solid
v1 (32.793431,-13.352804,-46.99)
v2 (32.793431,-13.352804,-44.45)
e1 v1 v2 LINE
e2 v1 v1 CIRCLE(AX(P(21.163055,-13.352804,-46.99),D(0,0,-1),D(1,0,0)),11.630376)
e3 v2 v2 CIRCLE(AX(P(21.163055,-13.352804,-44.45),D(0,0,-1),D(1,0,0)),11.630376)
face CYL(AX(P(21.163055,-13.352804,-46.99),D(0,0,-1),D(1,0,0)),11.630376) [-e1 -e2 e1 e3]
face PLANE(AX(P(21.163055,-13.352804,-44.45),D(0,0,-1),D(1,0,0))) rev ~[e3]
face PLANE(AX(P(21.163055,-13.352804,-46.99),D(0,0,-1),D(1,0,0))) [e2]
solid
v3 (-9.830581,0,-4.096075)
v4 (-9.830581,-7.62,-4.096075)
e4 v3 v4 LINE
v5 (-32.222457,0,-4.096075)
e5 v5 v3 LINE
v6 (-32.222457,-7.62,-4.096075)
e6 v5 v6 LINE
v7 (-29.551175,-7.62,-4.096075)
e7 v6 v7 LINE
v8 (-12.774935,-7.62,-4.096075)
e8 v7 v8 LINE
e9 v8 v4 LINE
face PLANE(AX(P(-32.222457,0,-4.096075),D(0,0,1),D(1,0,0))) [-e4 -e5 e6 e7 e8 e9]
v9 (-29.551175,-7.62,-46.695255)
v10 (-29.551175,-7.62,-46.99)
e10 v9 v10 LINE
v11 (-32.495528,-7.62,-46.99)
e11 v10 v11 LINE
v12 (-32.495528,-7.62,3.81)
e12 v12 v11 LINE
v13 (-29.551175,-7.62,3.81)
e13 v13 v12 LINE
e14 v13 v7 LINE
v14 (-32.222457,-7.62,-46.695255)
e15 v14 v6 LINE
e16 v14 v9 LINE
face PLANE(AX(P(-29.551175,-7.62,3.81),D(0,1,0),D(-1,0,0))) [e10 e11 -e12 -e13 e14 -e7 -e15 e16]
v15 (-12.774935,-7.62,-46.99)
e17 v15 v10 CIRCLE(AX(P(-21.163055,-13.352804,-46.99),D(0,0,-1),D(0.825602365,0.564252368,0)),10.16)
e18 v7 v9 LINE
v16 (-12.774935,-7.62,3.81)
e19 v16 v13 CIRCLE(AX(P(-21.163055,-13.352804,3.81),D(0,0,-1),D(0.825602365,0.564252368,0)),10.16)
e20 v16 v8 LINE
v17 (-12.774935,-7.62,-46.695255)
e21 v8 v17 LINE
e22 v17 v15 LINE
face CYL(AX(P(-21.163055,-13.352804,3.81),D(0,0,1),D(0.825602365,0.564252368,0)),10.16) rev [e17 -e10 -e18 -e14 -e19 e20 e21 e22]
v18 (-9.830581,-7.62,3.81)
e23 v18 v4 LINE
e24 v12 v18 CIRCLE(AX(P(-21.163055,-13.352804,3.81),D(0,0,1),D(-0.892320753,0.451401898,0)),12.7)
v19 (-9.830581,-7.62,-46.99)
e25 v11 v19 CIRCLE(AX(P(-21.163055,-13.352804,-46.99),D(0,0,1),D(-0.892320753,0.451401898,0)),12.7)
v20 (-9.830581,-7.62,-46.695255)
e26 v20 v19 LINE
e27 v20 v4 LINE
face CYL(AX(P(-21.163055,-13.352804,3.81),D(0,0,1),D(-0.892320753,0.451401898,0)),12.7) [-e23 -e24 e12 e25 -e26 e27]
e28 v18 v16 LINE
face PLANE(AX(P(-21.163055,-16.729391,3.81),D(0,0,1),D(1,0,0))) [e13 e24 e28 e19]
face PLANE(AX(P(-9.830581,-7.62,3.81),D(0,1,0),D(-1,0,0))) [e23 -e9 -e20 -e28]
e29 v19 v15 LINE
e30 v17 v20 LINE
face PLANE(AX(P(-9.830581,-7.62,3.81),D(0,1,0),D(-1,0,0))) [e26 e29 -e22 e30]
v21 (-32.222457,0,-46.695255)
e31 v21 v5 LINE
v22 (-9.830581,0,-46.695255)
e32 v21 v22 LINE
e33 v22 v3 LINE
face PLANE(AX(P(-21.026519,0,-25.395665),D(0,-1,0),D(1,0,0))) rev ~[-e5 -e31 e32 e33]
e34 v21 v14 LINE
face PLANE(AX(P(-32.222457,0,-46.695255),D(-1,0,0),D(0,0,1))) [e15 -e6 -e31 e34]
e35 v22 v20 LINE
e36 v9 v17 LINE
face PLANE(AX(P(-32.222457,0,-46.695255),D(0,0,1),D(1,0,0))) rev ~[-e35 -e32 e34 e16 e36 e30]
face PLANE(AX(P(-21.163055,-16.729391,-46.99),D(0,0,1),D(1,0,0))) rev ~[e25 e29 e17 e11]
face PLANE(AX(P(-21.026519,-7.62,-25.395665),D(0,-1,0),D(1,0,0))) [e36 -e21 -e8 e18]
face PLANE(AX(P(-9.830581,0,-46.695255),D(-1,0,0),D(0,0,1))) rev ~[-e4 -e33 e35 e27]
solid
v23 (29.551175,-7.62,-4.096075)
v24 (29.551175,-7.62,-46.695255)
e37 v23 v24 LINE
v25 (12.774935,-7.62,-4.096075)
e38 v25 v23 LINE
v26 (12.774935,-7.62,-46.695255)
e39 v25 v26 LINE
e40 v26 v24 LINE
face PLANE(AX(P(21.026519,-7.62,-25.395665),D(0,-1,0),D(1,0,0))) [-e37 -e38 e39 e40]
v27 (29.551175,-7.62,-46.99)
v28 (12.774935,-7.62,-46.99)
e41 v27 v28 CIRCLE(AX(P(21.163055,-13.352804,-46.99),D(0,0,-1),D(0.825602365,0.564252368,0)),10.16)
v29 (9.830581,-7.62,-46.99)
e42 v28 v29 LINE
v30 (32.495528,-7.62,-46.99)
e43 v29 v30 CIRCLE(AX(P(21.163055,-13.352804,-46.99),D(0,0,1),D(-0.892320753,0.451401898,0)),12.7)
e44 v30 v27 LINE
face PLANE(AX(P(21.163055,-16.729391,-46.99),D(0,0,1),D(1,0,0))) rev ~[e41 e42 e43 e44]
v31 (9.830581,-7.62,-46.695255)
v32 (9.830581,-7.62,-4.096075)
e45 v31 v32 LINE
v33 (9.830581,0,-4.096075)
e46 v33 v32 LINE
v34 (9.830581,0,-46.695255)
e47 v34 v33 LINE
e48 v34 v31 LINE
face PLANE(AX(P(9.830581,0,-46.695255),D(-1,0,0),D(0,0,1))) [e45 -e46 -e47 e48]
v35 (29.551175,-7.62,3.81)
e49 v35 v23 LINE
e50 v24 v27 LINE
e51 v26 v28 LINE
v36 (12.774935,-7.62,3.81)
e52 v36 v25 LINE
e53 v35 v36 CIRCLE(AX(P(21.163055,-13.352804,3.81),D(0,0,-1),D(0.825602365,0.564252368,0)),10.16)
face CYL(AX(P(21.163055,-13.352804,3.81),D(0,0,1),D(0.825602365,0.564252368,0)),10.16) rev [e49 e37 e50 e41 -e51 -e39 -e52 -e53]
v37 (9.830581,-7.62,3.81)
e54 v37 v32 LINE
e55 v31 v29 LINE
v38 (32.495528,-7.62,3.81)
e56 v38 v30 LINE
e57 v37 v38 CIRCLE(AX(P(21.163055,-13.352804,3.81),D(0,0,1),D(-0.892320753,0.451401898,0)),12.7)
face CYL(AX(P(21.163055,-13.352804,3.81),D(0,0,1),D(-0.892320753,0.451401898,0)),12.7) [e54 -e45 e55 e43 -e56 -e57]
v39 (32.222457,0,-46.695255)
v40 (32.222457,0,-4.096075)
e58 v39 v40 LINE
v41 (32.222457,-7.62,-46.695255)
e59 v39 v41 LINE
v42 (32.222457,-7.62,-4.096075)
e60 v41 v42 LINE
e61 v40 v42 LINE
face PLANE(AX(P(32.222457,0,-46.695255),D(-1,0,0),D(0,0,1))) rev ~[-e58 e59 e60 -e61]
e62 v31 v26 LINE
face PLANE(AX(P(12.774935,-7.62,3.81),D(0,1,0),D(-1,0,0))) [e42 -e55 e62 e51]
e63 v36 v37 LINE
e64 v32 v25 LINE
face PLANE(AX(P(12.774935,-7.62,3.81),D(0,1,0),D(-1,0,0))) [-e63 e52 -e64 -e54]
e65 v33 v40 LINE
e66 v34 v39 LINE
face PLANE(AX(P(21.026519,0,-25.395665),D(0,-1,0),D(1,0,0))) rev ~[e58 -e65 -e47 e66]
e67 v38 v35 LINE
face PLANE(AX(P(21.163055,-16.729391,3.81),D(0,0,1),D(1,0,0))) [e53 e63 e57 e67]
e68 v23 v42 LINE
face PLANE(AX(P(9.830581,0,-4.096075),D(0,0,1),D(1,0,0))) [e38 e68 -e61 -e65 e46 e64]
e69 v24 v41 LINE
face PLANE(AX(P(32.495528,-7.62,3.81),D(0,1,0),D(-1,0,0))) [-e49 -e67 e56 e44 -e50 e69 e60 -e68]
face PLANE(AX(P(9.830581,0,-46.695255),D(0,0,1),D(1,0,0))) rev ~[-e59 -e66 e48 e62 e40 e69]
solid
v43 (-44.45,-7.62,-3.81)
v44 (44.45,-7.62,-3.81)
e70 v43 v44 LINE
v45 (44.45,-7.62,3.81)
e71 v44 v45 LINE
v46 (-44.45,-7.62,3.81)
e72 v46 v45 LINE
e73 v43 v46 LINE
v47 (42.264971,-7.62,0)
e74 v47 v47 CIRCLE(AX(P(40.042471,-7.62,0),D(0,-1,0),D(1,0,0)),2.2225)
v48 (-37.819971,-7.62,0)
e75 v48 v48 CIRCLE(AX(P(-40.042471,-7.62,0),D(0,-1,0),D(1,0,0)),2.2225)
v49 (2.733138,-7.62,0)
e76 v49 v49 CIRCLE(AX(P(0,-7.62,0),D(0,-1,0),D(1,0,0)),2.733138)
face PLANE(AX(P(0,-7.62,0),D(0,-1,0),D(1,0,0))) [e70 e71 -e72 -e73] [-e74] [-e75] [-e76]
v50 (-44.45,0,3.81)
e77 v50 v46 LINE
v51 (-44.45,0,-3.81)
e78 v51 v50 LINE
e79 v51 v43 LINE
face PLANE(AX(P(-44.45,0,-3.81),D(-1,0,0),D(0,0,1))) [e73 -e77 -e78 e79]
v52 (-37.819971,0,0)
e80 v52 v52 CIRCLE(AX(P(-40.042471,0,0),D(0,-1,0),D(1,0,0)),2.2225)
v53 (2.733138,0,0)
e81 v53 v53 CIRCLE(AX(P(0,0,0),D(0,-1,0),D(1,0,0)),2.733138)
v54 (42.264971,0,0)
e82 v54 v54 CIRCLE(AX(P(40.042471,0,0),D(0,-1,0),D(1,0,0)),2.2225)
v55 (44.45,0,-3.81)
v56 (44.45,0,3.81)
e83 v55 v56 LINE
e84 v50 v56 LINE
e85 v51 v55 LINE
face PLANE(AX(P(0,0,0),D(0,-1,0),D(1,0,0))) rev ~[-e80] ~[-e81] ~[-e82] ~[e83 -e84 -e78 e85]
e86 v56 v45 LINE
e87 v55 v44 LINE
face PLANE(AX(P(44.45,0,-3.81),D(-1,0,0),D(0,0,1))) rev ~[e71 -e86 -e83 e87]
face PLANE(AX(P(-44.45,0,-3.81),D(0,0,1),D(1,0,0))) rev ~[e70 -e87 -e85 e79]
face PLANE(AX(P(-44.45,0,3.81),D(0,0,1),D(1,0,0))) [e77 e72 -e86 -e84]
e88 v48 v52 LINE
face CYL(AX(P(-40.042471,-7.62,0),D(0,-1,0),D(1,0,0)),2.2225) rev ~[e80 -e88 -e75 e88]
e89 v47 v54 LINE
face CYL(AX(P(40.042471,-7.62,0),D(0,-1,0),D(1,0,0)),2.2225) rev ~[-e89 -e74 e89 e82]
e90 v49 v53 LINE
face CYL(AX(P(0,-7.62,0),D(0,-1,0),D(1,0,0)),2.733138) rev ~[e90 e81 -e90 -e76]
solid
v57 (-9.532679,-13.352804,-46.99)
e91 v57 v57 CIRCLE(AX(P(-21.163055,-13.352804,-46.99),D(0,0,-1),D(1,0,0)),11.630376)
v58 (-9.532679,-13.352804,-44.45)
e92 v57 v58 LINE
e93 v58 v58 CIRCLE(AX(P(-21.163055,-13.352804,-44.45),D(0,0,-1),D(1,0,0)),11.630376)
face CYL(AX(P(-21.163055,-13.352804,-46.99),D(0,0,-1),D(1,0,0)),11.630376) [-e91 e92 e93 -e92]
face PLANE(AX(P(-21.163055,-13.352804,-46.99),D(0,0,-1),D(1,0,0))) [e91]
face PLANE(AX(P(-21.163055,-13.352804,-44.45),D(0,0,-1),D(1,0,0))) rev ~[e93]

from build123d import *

# Parameters (mm, degrees)
F0_W      = 88.9
F0_H      = 7.62
F1_DEPTH  = 7.62
F3_DEPTH  = 50.8
F4_W      = 22.391876
F4_H      = 42.59918
F5_DEPTH  = 7.62
F6_R      = 11.630376
F7_DEPTH  = 2.54
F8_R      = 2.2225
F9_DEPTH  = 7.621
F10_R     = 2.733138
F11_DEPTH = 25.4


with BuildPart() as f1:
    # F0 (on Front) → F1 (new body)
    with BuildSketch(Plane.XZ):
        Rectangle(F0_W, F0_H)
    extrude(amount=F1_DEPTH)

    # F8 (on face) → F9 (cut, through all)
    with BuildSketch(Plane.XZ.offset(7.62)):
        with Locations((-40.042471, 0)):
            Circle(F8_R)
        with Locations((40.042471, 0)):
            Circle(F8_R)
    extrude(amount=-F9_DEPTH, mode=Mode.SUBTRACT)

    # F10 (on face) → F11 (cut)
    with BuildSketch(Plane.XZ.offset(7.62)):
        Circle(F10_R)
    extrude(amount=-F11_DEPTH, mode=Mode.SUBTRACT)


with BuildPart() as f3:
    # F2 (on face) → F3 (new body)
    with BuildSketch(Plane.XY.offset(3.81)):
        with BuildLine():
            Line((-29.551175, -7.62), (-32.495528, -7.62))
            ThreePointArc((-32.495528, -7.62), (-21.163055, -26.052804), (-9.830581, -7.62))
            Line((-9.830581, -7.62), (-12.774935, -7.62))
            ThreePointArc((-12.774935, -7.62), (-21.163055, -23.512804), (-29.551175, -7.62))
        make_face()
        with BuildLine():
            Line((12.774935, -7.62), (9.830581, -7.62))
            ThreePointArc((9.830581, -7.62), (21.163055, -26.052804), (32.495528, -7.62))
            Line((32.495528, -7.62), (29.551175, -7.62))
            ThreePointArc((29.551175, -7.62), (21.163055, -23.512804), (12.774935, -7.62))
        make_face()
    extrude(amount=-F3_DEPTH)

    # F4 (on Front) → F5 (join)
    with BuildSketch(Plane.XZ):
        with Locations((-21.026519, -25.395665)):
            Rectangle(F4_W, F4_H)
        with Locations((21.026519, -25.395665)):
            Rectangle(F4_W, F4_H)
    extrude(amount=F5_DEPTH)


with BuildPart() as f7:
    # F6 (on face) → F7 (new body)
    with BuildSketch(Plane(origin=(0, 0, -46.99), x_dir=(1, 0, 0), z_dir=(0, 0, -1))):
        with Locations((21.163055, 13.352804)):
            Circle(F6_R)
        with Locations((-21.163055, 13.352804)):
            Circle(F6_R)
    extrude(amount=-F7_DEPTH)


solid = Compound([f1.part, f3.part, f7.part])
